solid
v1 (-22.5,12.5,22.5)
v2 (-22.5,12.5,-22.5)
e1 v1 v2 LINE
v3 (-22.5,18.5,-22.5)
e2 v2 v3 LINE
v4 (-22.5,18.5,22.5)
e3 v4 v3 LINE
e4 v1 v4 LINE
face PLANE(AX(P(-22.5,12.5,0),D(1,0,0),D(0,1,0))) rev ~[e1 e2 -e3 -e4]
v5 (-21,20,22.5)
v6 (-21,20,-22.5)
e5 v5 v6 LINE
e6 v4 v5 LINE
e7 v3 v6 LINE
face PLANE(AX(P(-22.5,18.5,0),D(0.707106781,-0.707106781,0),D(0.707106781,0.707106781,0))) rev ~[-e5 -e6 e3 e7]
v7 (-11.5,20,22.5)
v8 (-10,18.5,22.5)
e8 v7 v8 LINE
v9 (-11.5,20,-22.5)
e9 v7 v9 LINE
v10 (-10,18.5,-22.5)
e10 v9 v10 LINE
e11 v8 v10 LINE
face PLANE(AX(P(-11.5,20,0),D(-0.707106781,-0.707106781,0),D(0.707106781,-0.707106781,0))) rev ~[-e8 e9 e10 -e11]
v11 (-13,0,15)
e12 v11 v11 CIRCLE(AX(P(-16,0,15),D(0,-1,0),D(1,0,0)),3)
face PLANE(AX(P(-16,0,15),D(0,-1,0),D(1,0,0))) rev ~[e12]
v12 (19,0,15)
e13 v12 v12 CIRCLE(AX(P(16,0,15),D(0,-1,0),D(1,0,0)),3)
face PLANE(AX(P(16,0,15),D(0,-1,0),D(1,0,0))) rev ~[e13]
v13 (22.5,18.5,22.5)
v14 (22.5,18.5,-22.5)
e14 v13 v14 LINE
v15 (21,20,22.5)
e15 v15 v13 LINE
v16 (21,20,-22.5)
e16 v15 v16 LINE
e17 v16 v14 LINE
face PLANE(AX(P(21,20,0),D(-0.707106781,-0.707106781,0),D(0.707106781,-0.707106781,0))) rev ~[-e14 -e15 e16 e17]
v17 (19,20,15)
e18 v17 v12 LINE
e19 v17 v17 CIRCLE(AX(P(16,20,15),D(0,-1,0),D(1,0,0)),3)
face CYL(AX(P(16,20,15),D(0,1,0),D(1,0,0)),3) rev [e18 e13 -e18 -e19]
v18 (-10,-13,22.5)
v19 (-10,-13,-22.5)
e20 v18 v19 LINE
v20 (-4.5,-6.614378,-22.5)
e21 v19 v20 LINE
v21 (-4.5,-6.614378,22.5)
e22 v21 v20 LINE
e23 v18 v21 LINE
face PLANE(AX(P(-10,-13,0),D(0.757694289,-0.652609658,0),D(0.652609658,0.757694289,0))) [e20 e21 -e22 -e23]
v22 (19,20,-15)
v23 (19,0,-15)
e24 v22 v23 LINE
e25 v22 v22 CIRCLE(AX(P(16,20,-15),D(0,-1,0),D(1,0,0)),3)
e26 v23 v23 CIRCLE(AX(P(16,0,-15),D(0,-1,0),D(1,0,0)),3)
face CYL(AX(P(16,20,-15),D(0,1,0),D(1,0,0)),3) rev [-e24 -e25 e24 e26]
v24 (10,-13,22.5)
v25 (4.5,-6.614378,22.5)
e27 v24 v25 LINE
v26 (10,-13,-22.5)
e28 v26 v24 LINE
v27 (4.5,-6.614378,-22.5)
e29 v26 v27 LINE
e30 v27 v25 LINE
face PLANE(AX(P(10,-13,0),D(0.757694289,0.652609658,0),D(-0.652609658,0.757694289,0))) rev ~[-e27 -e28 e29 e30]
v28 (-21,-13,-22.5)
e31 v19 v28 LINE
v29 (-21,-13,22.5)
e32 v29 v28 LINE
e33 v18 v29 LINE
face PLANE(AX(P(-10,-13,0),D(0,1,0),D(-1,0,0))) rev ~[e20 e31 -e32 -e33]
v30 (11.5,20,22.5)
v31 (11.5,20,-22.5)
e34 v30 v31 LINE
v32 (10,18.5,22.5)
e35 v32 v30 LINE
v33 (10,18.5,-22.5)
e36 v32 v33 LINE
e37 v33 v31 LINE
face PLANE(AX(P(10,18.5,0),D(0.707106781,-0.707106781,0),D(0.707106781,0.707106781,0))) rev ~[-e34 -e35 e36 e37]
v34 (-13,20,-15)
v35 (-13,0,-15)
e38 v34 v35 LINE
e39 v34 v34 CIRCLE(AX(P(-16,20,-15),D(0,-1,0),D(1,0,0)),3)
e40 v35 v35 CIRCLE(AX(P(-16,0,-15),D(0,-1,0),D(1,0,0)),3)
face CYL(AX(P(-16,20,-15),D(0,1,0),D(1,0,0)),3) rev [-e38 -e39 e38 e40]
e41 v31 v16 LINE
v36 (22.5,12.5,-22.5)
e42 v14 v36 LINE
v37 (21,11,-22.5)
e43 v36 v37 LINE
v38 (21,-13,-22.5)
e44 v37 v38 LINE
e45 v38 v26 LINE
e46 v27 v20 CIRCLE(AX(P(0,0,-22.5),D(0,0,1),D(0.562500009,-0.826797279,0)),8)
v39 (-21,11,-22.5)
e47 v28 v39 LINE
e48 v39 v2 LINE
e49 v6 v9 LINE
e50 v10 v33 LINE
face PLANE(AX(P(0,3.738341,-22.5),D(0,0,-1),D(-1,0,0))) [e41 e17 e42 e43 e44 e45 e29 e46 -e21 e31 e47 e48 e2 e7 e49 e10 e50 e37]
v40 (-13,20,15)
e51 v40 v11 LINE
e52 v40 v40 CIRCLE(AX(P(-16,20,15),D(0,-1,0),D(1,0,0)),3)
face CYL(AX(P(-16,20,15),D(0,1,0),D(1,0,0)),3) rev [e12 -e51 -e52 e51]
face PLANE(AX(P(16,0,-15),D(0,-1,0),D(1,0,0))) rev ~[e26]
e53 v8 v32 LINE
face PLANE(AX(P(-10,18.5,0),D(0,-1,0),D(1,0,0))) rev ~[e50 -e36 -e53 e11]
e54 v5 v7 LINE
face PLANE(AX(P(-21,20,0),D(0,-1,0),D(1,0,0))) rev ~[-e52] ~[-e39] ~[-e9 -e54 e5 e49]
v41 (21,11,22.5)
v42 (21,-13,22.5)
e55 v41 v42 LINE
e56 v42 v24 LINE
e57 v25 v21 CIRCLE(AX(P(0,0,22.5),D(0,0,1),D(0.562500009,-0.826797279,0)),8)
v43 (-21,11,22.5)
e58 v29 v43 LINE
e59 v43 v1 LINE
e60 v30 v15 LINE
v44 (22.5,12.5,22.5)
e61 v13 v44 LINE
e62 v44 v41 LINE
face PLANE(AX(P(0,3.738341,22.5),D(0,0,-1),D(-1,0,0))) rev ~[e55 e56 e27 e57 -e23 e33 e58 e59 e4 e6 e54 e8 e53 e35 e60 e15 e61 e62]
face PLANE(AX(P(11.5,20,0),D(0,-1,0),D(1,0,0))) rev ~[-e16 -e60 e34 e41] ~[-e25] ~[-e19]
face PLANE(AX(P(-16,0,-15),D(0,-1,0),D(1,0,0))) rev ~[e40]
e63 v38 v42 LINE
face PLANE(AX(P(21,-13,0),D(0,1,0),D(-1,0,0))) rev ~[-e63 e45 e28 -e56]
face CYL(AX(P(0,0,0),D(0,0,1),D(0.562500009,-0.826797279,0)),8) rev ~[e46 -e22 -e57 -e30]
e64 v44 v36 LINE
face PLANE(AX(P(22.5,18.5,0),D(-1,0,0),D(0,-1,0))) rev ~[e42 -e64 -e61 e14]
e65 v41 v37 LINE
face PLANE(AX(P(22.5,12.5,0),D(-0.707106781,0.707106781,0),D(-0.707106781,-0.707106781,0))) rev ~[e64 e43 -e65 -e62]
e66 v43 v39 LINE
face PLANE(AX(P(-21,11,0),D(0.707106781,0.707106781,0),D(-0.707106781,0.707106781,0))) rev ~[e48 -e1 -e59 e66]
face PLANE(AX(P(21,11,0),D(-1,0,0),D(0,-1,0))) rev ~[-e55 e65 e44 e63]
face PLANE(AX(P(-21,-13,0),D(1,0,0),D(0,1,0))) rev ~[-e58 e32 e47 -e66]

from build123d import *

# Parameters (mm, degrees)
PAD_DEPTH    = 22.5
SKETCH001_R  = 3
POCKET_DEPTH = 20


with BuildPart() as part:
    # Sketch → Pad (new body, symmetric)
    with BuildSketch(Plane.XY):
        with BuildLine():
            ThreePointArc((4.5, -6.614378), (0, 8), (-4.5, -6.614378))
            Line((-10, -13), (-4.5, -6.614378))
            Line((-10, -13), (-21, -13))
            Line((-21, -13), (-21, 11))
            Line((-21, 11), (-22.5, 12.5))
            Line((-22.5, 12.5), (-22.5, 18.5))
            Line((-22.5, 18.5), (-21, 20))
            Line((-21, 20), (-11.5, 20))
            Line((-11.5, 20), (-10, 18.5))
            Line((-10, 18.5), (10, 18.5))
            Line((10, 18.5), (11.5, 20))
            Line((11.5, 20), (21, 20))
            Line((21, 20), (22.5, 18.5))
            Line((22.5, 18.5), (22.5, 12.5))
            Line((22.5, 12.5), (21, 11))
            Line((21, 11), (21, -13))
            Line((21, -13), (10, -13))
            Line((10, -13), (4.5, -6.614378))
        make_face()
    extrude(amount=PAD_DEPTH, both=True)

    # Sketch001 → Pocket (cut)
    with BuildSketch(Plane.XZ.offset(-20)):
        with Locations((-16, 15)):
            Circle(SKETCH001_R)
        with Locations((16, 15)):
            Circle(SKETCH001_R)
        with Locations((16, -15)):
            Circle(SKETCH001_R)
        with Locations((-16, -15)):
            Circle(SKETCH001_R)
    extrude(amount=POCKET_DEPTH, mode=Mode.SUBTRACT)


solid = part.part
